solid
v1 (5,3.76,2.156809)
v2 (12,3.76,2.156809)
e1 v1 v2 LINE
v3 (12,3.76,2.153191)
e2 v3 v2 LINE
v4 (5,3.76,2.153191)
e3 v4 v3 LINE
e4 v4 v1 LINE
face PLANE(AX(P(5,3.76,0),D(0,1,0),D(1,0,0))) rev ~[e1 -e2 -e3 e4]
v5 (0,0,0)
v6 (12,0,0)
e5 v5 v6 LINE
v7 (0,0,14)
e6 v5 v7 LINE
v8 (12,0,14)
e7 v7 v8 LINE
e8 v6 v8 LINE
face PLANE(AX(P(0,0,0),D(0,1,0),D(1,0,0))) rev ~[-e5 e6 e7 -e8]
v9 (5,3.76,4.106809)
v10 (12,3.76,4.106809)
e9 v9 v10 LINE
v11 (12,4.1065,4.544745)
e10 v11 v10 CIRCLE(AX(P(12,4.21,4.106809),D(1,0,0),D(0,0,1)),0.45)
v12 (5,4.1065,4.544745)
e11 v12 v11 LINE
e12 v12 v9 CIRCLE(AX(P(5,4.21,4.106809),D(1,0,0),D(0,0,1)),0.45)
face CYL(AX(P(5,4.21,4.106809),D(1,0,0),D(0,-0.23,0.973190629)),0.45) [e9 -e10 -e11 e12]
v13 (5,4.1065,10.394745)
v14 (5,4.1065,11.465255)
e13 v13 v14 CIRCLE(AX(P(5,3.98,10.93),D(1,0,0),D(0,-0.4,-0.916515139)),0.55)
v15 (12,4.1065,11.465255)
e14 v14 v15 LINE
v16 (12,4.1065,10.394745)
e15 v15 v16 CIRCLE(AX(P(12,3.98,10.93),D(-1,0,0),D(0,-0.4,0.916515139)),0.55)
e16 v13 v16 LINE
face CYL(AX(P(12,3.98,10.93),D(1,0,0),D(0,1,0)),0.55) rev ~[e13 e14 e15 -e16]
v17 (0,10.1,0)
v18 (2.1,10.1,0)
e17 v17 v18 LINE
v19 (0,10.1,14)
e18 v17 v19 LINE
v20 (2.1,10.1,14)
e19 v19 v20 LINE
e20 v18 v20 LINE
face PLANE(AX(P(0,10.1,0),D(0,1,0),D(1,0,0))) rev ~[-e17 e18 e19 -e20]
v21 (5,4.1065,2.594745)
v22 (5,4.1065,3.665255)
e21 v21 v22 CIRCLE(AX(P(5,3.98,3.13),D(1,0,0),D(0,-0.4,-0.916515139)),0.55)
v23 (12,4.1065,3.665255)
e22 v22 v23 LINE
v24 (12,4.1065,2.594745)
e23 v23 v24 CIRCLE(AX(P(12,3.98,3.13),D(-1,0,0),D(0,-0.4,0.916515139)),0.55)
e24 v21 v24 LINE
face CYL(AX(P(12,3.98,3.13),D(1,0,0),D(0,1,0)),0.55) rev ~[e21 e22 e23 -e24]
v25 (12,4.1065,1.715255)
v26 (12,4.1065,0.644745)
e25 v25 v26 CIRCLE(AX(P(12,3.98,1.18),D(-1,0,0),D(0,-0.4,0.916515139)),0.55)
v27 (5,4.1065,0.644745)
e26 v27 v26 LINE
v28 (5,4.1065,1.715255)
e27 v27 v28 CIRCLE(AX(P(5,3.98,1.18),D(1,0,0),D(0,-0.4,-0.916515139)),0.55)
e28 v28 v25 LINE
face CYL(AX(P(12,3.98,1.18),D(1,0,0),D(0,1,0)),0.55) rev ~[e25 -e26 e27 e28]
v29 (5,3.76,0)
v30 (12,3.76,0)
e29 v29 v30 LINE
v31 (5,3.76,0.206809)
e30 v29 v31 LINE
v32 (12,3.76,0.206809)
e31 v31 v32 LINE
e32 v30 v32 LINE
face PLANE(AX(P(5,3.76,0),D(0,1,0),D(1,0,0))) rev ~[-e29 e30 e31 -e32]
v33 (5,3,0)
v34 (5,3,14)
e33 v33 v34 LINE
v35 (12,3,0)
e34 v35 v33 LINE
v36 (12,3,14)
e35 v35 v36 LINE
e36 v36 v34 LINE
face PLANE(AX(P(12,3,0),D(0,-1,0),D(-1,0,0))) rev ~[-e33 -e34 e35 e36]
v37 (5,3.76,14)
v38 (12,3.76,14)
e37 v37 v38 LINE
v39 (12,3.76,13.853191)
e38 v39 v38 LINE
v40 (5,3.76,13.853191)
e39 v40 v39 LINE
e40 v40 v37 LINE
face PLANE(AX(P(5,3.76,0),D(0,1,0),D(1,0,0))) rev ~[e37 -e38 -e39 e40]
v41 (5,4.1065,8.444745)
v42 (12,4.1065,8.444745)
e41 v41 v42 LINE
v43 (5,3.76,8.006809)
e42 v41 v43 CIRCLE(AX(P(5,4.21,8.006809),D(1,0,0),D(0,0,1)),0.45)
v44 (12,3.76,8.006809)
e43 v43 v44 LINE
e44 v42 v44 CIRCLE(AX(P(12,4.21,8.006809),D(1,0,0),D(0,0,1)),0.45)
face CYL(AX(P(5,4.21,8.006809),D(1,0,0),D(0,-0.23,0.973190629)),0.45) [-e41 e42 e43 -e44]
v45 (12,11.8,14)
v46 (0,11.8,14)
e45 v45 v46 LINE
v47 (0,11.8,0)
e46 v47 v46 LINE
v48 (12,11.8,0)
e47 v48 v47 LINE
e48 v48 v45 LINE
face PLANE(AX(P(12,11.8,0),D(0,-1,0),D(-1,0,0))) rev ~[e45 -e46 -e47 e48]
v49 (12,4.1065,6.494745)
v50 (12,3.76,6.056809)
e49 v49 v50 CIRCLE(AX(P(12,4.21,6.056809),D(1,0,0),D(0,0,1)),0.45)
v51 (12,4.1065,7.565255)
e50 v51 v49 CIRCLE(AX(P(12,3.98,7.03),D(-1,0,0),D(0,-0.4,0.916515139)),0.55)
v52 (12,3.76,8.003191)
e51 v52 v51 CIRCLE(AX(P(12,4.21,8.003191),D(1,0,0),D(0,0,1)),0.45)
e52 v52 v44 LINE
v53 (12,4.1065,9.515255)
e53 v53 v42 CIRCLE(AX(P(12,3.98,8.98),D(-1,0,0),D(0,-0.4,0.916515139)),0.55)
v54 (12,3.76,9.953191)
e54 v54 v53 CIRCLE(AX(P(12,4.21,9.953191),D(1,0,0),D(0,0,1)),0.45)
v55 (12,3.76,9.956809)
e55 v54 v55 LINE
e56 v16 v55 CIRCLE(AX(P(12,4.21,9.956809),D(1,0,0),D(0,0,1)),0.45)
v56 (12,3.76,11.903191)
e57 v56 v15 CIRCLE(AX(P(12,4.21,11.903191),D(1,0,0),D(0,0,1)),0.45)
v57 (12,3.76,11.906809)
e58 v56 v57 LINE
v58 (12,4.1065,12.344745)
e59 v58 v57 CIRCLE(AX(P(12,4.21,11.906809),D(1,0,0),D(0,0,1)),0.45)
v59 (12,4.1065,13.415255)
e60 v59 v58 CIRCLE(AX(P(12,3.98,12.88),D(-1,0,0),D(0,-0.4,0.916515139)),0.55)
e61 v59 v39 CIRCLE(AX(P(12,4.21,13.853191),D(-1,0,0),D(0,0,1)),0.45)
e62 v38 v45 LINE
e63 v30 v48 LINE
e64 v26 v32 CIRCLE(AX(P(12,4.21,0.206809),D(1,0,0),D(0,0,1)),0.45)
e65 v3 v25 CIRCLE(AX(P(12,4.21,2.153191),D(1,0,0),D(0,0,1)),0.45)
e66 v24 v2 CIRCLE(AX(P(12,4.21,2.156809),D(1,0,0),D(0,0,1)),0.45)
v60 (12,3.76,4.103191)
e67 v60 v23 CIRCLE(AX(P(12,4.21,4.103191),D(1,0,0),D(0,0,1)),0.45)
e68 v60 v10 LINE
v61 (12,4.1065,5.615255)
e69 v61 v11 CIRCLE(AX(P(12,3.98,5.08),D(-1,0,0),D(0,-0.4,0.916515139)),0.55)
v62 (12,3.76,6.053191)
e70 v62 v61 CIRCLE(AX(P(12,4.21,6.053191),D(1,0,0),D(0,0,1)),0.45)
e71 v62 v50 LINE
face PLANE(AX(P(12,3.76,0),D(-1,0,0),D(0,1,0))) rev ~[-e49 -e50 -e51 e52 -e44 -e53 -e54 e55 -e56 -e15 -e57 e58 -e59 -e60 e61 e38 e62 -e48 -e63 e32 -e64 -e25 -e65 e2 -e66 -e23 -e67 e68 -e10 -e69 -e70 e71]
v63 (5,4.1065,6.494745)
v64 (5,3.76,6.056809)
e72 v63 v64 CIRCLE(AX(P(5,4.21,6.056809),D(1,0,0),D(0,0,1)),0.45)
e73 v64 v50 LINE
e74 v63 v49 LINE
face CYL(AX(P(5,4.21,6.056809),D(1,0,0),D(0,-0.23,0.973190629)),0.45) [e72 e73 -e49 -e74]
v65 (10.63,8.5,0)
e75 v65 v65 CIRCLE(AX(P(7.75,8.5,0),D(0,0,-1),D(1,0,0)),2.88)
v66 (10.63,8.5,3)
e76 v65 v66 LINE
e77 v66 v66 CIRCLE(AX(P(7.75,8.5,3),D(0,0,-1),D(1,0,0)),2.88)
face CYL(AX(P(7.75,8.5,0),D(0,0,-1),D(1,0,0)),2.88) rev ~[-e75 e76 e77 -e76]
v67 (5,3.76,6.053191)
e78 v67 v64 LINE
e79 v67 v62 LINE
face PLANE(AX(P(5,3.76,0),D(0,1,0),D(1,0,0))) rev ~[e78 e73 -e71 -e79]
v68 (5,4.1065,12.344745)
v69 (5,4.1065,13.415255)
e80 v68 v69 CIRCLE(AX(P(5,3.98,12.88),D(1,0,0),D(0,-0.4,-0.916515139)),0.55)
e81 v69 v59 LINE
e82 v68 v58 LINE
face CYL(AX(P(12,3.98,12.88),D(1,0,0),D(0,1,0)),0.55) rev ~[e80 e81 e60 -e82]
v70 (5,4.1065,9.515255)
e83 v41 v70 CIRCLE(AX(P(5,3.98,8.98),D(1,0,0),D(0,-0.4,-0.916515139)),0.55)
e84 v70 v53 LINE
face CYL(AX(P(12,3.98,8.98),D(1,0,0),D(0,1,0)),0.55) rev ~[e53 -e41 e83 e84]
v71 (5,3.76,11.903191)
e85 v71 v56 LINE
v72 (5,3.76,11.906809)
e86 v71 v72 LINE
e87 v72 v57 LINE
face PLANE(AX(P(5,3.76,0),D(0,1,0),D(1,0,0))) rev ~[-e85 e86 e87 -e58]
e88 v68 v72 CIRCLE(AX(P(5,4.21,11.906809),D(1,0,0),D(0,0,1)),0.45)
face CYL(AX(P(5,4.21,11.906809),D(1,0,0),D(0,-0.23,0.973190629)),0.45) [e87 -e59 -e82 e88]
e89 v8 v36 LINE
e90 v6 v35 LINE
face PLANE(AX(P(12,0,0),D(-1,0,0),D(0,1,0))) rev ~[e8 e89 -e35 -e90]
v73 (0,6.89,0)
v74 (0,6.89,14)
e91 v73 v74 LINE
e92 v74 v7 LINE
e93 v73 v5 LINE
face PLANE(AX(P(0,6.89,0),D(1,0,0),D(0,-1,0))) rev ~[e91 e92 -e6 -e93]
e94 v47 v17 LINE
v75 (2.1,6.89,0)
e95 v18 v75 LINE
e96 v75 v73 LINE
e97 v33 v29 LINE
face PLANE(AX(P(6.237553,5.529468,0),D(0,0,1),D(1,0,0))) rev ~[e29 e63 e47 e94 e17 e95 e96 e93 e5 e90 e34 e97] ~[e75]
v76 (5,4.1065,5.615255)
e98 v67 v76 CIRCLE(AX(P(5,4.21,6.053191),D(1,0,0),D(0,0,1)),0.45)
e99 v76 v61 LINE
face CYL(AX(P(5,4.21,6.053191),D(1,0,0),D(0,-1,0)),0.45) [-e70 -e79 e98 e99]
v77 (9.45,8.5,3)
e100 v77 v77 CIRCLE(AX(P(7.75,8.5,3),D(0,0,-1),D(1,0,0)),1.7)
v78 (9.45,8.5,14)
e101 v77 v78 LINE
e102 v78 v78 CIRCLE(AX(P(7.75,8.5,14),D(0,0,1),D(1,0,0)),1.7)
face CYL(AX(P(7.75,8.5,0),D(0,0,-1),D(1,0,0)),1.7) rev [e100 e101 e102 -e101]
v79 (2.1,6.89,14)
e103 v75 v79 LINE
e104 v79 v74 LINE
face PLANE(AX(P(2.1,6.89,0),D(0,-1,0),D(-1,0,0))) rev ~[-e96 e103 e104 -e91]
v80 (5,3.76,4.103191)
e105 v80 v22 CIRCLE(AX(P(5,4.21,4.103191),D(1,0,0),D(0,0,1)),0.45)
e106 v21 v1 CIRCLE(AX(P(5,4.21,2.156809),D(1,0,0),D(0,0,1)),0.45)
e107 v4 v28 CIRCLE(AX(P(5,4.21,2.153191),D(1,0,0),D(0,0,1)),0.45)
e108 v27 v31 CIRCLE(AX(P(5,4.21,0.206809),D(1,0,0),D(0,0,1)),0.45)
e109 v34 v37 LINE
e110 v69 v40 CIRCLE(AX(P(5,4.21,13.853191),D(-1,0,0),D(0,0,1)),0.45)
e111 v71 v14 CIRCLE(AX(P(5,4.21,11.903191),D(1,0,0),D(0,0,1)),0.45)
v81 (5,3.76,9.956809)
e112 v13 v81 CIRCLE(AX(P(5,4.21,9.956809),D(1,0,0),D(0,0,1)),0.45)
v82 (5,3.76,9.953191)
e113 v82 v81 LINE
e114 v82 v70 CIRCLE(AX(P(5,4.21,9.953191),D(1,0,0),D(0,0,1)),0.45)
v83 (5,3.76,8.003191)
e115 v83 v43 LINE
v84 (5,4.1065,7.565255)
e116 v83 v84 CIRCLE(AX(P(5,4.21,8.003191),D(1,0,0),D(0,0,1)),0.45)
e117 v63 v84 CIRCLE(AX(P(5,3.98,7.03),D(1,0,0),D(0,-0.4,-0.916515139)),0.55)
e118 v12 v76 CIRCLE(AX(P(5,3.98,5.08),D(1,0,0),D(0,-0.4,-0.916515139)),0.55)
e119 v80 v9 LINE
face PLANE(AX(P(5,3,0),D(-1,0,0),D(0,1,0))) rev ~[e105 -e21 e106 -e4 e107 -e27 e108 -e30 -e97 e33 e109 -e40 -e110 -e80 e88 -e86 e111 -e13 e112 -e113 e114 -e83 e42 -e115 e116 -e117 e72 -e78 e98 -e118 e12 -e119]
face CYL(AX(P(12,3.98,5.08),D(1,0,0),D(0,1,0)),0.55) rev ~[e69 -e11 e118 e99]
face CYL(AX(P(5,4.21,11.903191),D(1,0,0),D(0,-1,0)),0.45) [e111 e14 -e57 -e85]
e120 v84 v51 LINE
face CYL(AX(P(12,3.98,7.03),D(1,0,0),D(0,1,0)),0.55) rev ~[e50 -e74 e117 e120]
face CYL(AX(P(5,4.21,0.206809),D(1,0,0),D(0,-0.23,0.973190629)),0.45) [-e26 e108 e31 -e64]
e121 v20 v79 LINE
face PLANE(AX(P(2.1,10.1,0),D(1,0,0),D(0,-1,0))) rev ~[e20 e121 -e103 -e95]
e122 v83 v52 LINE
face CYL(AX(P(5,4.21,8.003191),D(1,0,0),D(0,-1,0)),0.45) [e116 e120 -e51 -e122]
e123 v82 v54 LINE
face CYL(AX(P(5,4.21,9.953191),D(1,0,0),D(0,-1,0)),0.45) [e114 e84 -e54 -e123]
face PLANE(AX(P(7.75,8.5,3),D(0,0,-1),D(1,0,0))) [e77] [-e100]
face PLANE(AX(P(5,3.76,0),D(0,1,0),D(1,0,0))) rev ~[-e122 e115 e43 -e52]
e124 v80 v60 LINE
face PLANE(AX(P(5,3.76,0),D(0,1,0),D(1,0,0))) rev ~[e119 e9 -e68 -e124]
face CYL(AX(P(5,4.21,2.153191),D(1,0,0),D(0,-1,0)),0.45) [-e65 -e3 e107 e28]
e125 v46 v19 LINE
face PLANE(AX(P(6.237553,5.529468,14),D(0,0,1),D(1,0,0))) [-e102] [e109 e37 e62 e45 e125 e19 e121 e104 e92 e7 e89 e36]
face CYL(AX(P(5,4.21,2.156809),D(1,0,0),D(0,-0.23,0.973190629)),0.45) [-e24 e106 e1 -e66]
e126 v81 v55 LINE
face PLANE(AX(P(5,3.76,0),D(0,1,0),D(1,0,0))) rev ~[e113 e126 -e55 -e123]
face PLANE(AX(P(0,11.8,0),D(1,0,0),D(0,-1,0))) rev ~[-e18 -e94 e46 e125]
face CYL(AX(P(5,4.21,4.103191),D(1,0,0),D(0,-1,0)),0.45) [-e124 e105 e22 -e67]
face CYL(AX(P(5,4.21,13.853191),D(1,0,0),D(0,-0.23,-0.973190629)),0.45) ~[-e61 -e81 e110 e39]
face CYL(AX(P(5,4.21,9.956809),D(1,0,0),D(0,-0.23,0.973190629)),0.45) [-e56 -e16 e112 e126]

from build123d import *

# Parameters (mm, degrees)
F0_R     = 1.7
F1_DEPTH = 14
F2_R     = 2.88
F2_R_2   = 1.7
F3_DEPTH = 3
F4_R     = 0.55
F5_DEPTH = 7
F6_R     = 0.45


with BuildPart() as f1:
    # F0 (on Top) → F1 (new body)
    with BuildSketch(Plane.XY):
        Polygon((0, 6.89), (0, 0), (12, 0), (12, 3), (5, 3), (5, 3.76), (12, 3.76), (12, 11.8), (0, 11.8), (0, 10.1), (2.1, 10.1), (2.1, 6.89), align=None)
        with Locations((7.75, 8.5)):
            Circle(F0_R, mode=Mode.SUBTRACT)
    extrude(amount=F1_DEPTH)

    # F2 (on face) → F3 (cut)
    with BuildSketch(Plane(origin=(0, 0, 0), x_dir=(1, 0, 0), z_dir=(0, 0, -1))):
        with Locations((7.75, -8.5)):
            Circle(F2_R)
        with Locations((7.75, -8.5)):
            Circle(F2_R_2, mode=Mode.SUBTRACT)
    extrude(amount=-F3_DEPTH, mode=Mode.SUBTRACT)

    # F4 (on face) → F5 (cut, through all)
    with BuildSketch(Plane.YZ.offset(12)):
        with Locations((3.98, 12.88)):
            Circle(F4_R)
        with Locations((3.98, 10.93)):
            Circle(F4_R)
        with Locations((3.98, 8.98)):
            Circle(F4_R)
        with Locations((3.98, 7.03)):
            Circle(F4_R)
        with Locations((3.98, 5.08)):
            Circle(F4_R)
        with Locations((3.98, 3.13)):
            Circle(F4_R)
        with Locations((3.98, 1.18)):
            Circle(F4_R)
    extrude(amount=-F5_DEPTH, mode=Mode.SUBTRACT)

    # F6
    f6_edges = [f1.edges().sort_by_distance(p)[0] for p in [
        (8.5, 3.76, 12.375917),
        (8.5, 3.76, 13.384083),
        (8.5, 3.76, 11.434083),
        (8.5, 3.76, 10.425917),
        (8.5, 3.76, 9.484083),
        (8.5, 3.76, 8.475917),
        (8.5, 3.76, 7.534083),
        (8.5, 3.76, 6.525917),
        (8.5, 3.76, 5.584083),
        (8.5, 3.76, 4.575917),
        (8.5, 3.76, 3.634083),
        (8.5, 3.76, 2.625917),
        (8.5, 3.76, 1.684083),
        (8.5, 3.76, 0.675917),
    ]]
    fillet(f6_edges, radius=F6_R)


solid = f1.part
